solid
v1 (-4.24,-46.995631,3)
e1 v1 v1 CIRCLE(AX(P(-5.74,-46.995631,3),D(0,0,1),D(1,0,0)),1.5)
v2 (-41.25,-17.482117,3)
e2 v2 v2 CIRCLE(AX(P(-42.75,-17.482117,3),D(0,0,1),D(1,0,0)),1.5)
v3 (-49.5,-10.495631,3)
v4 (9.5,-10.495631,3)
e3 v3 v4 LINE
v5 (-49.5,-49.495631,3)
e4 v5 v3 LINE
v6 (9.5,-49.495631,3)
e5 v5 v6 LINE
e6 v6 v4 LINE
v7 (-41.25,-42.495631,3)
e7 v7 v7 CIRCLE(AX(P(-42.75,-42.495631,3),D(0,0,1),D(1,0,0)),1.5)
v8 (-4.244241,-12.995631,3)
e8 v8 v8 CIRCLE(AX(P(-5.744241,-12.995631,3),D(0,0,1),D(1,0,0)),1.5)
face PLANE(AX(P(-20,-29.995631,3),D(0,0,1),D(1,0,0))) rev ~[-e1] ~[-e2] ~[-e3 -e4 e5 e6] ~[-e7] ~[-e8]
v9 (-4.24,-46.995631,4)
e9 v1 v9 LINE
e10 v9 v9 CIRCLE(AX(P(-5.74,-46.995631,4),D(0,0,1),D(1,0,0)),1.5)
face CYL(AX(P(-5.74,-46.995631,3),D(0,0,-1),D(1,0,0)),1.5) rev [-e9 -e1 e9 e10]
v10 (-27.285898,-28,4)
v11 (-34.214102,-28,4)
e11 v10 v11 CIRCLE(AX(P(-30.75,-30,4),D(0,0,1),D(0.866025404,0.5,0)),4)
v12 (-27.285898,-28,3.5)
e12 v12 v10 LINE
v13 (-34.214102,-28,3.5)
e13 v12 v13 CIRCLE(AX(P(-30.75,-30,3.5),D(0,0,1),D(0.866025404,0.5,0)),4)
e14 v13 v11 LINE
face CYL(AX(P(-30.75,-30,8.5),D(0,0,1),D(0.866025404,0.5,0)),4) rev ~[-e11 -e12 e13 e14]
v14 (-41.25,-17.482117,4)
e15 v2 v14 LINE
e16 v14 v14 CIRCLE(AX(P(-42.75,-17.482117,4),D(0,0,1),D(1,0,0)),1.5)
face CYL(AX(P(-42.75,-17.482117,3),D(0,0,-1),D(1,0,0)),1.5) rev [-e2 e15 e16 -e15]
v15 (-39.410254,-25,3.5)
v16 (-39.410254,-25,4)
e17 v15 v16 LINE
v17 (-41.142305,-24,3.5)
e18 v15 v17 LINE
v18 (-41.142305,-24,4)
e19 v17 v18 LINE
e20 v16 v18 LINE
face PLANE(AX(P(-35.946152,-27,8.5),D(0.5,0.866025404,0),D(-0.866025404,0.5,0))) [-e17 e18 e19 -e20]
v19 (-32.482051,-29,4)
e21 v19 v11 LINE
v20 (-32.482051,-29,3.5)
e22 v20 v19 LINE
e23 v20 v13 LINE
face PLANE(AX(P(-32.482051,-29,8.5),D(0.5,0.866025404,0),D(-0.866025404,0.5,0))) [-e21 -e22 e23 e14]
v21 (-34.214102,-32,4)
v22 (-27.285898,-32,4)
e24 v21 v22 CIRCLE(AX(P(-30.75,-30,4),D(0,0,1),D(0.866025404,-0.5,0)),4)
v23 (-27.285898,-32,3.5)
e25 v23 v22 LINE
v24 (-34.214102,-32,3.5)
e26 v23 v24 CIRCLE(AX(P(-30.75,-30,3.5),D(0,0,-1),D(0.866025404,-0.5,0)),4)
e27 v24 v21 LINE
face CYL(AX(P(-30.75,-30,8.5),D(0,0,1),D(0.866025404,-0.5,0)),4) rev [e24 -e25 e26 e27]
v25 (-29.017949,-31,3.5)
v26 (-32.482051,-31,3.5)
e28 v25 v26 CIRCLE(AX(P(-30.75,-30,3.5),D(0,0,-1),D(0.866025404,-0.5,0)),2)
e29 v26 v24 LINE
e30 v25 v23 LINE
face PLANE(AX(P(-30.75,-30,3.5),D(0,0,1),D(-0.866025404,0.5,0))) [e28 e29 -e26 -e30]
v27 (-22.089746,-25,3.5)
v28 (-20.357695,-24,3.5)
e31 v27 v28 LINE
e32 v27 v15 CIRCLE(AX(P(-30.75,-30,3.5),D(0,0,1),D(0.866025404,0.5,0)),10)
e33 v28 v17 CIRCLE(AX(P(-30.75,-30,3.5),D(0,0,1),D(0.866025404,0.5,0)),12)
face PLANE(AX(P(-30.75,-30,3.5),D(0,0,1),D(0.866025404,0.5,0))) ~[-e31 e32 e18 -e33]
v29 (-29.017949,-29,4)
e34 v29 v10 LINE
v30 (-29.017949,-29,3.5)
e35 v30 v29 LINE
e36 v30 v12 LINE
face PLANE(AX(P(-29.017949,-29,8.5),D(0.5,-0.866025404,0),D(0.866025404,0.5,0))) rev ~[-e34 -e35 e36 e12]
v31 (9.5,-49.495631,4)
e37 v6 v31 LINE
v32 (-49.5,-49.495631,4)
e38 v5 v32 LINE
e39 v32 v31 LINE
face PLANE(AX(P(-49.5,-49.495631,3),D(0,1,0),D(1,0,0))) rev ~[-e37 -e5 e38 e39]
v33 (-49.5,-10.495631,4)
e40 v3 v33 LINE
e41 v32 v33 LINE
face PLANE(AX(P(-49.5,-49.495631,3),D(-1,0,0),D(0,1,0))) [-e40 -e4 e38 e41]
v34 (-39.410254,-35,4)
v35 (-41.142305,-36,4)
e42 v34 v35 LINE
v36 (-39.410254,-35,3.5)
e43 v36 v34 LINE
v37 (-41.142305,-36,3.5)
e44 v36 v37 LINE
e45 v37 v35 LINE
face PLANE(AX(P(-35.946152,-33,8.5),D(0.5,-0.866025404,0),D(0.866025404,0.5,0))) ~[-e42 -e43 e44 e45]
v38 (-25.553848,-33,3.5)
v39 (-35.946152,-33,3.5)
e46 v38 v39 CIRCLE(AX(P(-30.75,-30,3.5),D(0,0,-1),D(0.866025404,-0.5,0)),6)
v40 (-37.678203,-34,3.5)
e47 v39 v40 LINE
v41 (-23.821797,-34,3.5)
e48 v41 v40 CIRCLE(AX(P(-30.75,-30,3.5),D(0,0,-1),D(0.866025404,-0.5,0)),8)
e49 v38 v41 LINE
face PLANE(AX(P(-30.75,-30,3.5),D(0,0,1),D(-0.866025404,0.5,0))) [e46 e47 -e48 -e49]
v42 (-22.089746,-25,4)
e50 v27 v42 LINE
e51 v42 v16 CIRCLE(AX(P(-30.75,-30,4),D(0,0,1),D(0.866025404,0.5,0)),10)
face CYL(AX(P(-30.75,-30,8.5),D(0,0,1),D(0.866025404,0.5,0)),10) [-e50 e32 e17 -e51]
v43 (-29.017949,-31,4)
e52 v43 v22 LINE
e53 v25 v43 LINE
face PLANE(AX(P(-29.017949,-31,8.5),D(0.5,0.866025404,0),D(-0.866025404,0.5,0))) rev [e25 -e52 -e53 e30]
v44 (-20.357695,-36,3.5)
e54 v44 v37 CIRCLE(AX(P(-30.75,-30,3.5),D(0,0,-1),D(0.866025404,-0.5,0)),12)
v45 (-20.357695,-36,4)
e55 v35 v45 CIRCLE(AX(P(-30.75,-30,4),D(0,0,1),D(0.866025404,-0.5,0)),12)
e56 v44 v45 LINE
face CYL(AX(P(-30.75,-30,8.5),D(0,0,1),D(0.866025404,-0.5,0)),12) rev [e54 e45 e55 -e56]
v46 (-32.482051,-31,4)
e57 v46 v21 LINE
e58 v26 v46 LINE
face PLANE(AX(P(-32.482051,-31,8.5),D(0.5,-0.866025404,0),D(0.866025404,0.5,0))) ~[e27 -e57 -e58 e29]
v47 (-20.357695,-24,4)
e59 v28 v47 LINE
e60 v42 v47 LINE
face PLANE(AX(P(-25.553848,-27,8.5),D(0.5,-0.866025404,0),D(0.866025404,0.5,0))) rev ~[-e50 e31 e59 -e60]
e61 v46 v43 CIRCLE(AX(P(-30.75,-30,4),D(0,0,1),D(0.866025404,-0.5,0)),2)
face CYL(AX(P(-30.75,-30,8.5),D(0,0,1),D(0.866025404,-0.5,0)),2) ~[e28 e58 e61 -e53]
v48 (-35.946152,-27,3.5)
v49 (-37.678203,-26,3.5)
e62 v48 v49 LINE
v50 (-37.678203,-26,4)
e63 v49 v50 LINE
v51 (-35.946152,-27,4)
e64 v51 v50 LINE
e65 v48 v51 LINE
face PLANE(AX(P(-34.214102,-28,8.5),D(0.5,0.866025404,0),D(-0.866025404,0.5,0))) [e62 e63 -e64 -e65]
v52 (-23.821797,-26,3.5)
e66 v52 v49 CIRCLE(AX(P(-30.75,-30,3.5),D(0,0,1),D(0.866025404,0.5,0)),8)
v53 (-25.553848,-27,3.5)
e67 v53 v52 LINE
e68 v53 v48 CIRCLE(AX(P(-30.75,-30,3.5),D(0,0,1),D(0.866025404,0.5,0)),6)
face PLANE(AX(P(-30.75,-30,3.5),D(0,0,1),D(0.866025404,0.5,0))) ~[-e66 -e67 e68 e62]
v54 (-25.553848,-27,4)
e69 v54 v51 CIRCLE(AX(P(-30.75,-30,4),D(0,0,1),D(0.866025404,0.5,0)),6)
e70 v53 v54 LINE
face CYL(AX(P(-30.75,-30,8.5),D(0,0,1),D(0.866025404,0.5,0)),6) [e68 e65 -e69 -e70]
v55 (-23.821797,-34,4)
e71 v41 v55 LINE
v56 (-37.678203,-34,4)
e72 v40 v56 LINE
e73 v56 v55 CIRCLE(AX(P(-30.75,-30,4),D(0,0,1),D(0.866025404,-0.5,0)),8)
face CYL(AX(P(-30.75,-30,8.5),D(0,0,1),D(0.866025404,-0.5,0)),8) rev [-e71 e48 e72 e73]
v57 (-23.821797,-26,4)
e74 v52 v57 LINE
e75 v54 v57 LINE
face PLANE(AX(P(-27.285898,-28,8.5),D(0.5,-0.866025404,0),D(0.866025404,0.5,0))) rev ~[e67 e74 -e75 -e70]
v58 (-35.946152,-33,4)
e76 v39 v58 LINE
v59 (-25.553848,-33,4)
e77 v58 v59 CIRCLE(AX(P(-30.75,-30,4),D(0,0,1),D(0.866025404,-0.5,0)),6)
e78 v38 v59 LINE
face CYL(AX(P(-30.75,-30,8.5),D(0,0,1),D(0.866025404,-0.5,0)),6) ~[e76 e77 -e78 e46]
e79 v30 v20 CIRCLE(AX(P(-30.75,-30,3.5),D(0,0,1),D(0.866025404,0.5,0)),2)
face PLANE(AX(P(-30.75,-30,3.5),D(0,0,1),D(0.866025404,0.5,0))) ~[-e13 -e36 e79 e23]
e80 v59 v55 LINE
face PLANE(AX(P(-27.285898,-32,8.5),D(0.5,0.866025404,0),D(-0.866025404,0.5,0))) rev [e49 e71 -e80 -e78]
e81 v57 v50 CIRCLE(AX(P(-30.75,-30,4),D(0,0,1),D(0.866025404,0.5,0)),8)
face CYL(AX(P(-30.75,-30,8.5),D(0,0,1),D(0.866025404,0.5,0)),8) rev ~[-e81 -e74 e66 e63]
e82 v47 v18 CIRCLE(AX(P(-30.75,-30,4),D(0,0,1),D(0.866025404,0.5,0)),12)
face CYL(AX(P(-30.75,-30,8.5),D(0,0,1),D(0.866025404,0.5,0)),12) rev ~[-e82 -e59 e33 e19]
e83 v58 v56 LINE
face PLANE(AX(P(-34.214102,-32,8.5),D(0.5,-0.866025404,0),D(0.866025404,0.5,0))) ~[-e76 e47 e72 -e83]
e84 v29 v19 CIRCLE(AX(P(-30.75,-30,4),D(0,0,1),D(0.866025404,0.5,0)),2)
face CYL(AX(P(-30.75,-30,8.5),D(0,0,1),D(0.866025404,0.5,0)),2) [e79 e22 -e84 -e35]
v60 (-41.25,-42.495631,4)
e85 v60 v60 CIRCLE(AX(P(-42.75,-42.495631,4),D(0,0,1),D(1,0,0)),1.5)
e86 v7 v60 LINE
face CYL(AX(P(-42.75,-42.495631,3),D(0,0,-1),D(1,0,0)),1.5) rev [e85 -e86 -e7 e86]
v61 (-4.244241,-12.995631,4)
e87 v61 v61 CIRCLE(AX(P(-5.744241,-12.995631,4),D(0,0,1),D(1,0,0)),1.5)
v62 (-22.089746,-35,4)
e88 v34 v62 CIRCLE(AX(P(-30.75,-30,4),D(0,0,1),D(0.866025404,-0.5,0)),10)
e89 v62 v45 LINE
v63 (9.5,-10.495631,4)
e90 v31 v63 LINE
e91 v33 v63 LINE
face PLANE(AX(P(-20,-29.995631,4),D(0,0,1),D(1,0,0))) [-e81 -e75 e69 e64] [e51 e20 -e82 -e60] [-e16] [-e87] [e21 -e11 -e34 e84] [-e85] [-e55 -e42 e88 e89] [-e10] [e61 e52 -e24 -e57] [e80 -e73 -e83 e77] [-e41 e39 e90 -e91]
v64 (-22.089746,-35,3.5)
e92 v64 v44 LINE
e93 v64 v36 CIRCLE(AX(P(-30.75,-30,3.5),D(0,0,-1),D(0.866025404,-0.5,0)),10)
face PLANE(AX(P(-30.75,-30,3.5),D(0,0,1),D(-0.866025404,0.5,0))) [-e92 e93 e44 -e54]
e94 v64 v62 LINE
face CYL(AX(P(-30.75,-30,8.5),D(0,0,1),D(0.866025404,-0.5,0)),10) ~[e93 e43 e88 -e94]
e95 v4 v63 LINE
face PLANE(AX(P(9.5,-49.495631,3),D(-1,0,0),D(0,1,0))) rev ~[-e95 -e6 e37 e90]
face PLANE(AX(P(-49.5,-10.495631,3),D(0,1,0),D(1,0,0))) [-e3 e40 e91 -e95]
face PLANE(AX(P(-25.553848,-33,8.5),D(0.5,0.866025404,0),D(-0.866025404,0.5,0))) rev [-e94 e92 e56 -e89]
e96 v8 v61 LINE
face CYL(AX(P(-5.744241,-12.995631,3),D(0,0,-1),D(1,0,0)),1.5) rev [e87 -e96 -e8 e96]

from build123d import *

# Parameters (mm, degrees)
CYLINDER011_W               = 6
CYLINDER011_H               = 10
CYLINDER011_ANGLE           = 120
CYLINDER011_PLACEMENT_ANGLE = 30
CYLINDER010_W               = 8
CYLINDER010_H               = 10
CYLINDER010_ANGLE           = 120
CYLINDER010_PLACEMENT_ANGLE = 30
CYLINDER009_W               = 2
CYLINDER009_H               = 10
CYLINDER009_ANGLE           = 120
CYLINDER009_PLACEMENT_ANGLE = 30
CYLINDER008_W               = 4
CYLINDER008_H               = 10
CYLINDER008_ANGLE           = 120
CYLINDER008_PLACEMENT_ANGLE = 30
CYLINDER013_W               = 10
CYLINDER013_H               = 10
CYLINDER013_ANGLE           = 120
CYLINDER013_PLACEMENT_ANGLE = 30
CYLINDER012_W               = 12
CYLINDER012_H               = 10
CYLINDER012_ANGLE           = 120
CYLINDER012_PLACEMENT_ANGLE = 30
SKETCH003_W                 = 59
SKETCH003_H                 = 39
SKETCH003_R                 = 1.5
EXTRUDE002_DEPTH            = 1


with BuildPart() as cilindro003:
    # Cylinder011 → Cylinder011 (revolve)
    with BuildSketch(Plane.XZ):
        with Locations((3, 5)):
            Rectangle(CYLINDER011_W, CYLINDER011_H)
    revolve(axis=Axis((0, 0, 0), (0, 0, 1)), revolution_arc=CYLINDER011_ANGLE)


with BuildPart() as cilindro003_1:
    # Cylinder011 placement: moved
    add(cilindro003.part.moved(Location((-30.75, -30, 0))).rotate(Axis((-30.75, -30, 0), (0, 0, 1)), CYLINDER011_PLACEMENT_ANGLE))


with BuildPart() as inalambrico_medio:
    # Cylinder010 → Cylinder010 (revolve)
    with BuildSketch(Plane.XZ):
        with Locations((4, 5)):
            Rectangle(CYLINDER010_W, CYLINDER010_H)
    revolve(axis=Axis((0, 0, 0), (0, 0, 1)), revolution_arc=CYLINDER010_ANGLE)


with BuildPart() as inalambrico_medio_1:
    # Cylinder010 placement: moved
    add(inalambrico_medio.part.moved(Location((-30.75, -30, 0))).rotate(Axis((-30.75, -30, 0), (0, 0, 1)), CYLINDER010_PLACEMENT_ANGLE))

    # Cut001: cut Cilindro003
    add(cilindro003_1.part, mode=Mode.SUBTRACT)


with BuildPart() as cilindro001:
    # Cylinder009 → Cylinder009 (revolve)
    with BuildSketch(Plane.XZ):
        with Locations((1, 5)):
            Rectangle(CYLINDER009_W, CYLINDER009_H)
    revolve(axis=Axis((0, 0, 0), (0, 0, 1)), revolution_arc=CYLINDER009_ANGLE)


with BuildPart() as cilindro001_1:
    # Cylinder009 placement: moved
    add(cilindro001.part.moved(Location((-30.75, -30, 0))).rotate(Axis((-30.75, -30, 0), (0, 0, 1)), CYLINDER009_PLACEMENT_ANGLE))


with BuildPart() as inalambrico_peque_o:
    # Cylinder008 → Cylinder008 (revolve)
    with BuildSketch(Plane.XZ):
        with Locations((2, 5)):
            Rectangle(CYLINDER008_W, CYLINDER008_H)
    revolve(axis=Axis((0, 0, 0), (0, 0, 1)), revolution_arc=CYLINDER008_ANGLE)


with BuildPart() as inalambrico_peque_o_1:
    # Cylinder008 placement: moved
    add(inalambrico_peque_o.part.moved(Location((-30.75, -30, 0))).rotate(Axis((-30.75, -30, 0), (0, 0, 1)), CYLINDER008_PLACEMENT_ANGLE))

    # Cut: cut Cilindro001
    add(cilindro001_1.part, mode=Mode.SUBTRACT)


with BuildPart() as cilindro005:
    # Cylinder013 → Cylinder013 (revolve)
    with BuildSketch(Plane.XZ):
        with Locations((5, 5)):
            Rectangle(CYLINDER013_W, CYLINDER013_H)
    revolve(axis=Axis((0, 0, 0), (0, 0, 1)), revolution_arc=CYLINDER013_ANGLE)


with BuildPart() as cilindro005_1:
    # Cylinder013 placement: moved
    add(cilindro005.part.moved(Location((-30.75, -30, 0))).rotate(Axis((-30.75, -30, 0), (0, 0, 1)), CYLINDER013_PLACEMENT_ANGLE))


with BuildPart() as fusion:
    # Cylinder012 → Cylinder012 (revolve)
    with BuildSketch(Plane.XZ):
        with Locations((6, 5)):
            Rectangle(CYLINDER012_W, CYLINDER012_H)
    revolve(axis=Axis((0, 0, 0), (0, 0, 1)), revolution_arc=CYLINDER012_ANGLE)


with BuildPart() as fusion_1:
    # Cylinder012 placement: moved
    add(fusion.part.moved(Location((-30.75, -30, 0))).rotate(Axis((-30.75, -30, 0), (0, 0, 1)), CYLINDER012_PLACEMENT_ANGLE))

    # Cut002: cut Cilindro005
    add(cilindro005_1.part, mode=Mode.SUBTRACT)

    # Fusion: union inalambrico_medio, inalambrico_pequeño
    add(inalambrico_medio_1.part)
    add(inalambrico_peque_o_1.part)


with BuildPart() as fusion_2:
    # Fusion placement: moved
    add(fusion_1.part.moved(Location((0, 0, -6))))


with BuildPart() as simbolo_wifi_clon:
    # Part__Mirroring: instance of Fusion
    add(fusion_2.part.mirror(Plane(origin=(0, 0, 0), x_dir=(1, 0, 0), z_dir=(0, 1, 0))))


with BuildPart() as simbolo_wifi_clon_1:
    # Part__Mirroring placement: moved
    add(simbolo_wifi_clon.part.moved(Location((0, -60, 0))))

    # Fusion006: union Fusion
    add(fusion_2.part)


with BuildPart() as simbolo_wifi_clon_2:
    # Clone placement: moved
    add(simbolo_wifi_clon_1.part.moved(Location((0, 0, 9.5))))


with BuildPart() as pcb_rfid_con_logo_wifi:
    # Sketch003 → Extrude002 (new body)
    with BuildSketch(Plane.XY):
        with Locations((-20, -29.995631)):
            Rectangle(SKETCH003_W, SKETCH003_H)
        with Locations((-5.744241, -12.995631)):
            Circle(SKETCH003_R, mode=Mode.SUBTRACT)
        with Locations((-42.75, -17.482117)):
            Circle(SKETCH003_R, mode=Mode.SUBTRACT)
        with Locations((-42.75, -42.495631)):
            Circle(SKETCH003_R, mode=Mode.SUBTRACT)
        with Locations((-5.74, -46.995631)):
            Circle(SKETCH003_R, mode=Mode.SUBTRACT)
    extrude(amount=EXTRUDE002_DEPTH)


with BuildPart() as pcb_rfid_con_logo_wifi_1:
    # Extrude002 placement: moved
    add(pcb_rfid_con_logo_wifi.part.moved(Location((0, 0, 3))))

    # Cut011: cut simbolo wifi clon
    add(simbolo_wifi_clon_2.part, mode=Mode.SUBTRACT)


solid = pcb_rfid_con_logo_wifi_1.part
